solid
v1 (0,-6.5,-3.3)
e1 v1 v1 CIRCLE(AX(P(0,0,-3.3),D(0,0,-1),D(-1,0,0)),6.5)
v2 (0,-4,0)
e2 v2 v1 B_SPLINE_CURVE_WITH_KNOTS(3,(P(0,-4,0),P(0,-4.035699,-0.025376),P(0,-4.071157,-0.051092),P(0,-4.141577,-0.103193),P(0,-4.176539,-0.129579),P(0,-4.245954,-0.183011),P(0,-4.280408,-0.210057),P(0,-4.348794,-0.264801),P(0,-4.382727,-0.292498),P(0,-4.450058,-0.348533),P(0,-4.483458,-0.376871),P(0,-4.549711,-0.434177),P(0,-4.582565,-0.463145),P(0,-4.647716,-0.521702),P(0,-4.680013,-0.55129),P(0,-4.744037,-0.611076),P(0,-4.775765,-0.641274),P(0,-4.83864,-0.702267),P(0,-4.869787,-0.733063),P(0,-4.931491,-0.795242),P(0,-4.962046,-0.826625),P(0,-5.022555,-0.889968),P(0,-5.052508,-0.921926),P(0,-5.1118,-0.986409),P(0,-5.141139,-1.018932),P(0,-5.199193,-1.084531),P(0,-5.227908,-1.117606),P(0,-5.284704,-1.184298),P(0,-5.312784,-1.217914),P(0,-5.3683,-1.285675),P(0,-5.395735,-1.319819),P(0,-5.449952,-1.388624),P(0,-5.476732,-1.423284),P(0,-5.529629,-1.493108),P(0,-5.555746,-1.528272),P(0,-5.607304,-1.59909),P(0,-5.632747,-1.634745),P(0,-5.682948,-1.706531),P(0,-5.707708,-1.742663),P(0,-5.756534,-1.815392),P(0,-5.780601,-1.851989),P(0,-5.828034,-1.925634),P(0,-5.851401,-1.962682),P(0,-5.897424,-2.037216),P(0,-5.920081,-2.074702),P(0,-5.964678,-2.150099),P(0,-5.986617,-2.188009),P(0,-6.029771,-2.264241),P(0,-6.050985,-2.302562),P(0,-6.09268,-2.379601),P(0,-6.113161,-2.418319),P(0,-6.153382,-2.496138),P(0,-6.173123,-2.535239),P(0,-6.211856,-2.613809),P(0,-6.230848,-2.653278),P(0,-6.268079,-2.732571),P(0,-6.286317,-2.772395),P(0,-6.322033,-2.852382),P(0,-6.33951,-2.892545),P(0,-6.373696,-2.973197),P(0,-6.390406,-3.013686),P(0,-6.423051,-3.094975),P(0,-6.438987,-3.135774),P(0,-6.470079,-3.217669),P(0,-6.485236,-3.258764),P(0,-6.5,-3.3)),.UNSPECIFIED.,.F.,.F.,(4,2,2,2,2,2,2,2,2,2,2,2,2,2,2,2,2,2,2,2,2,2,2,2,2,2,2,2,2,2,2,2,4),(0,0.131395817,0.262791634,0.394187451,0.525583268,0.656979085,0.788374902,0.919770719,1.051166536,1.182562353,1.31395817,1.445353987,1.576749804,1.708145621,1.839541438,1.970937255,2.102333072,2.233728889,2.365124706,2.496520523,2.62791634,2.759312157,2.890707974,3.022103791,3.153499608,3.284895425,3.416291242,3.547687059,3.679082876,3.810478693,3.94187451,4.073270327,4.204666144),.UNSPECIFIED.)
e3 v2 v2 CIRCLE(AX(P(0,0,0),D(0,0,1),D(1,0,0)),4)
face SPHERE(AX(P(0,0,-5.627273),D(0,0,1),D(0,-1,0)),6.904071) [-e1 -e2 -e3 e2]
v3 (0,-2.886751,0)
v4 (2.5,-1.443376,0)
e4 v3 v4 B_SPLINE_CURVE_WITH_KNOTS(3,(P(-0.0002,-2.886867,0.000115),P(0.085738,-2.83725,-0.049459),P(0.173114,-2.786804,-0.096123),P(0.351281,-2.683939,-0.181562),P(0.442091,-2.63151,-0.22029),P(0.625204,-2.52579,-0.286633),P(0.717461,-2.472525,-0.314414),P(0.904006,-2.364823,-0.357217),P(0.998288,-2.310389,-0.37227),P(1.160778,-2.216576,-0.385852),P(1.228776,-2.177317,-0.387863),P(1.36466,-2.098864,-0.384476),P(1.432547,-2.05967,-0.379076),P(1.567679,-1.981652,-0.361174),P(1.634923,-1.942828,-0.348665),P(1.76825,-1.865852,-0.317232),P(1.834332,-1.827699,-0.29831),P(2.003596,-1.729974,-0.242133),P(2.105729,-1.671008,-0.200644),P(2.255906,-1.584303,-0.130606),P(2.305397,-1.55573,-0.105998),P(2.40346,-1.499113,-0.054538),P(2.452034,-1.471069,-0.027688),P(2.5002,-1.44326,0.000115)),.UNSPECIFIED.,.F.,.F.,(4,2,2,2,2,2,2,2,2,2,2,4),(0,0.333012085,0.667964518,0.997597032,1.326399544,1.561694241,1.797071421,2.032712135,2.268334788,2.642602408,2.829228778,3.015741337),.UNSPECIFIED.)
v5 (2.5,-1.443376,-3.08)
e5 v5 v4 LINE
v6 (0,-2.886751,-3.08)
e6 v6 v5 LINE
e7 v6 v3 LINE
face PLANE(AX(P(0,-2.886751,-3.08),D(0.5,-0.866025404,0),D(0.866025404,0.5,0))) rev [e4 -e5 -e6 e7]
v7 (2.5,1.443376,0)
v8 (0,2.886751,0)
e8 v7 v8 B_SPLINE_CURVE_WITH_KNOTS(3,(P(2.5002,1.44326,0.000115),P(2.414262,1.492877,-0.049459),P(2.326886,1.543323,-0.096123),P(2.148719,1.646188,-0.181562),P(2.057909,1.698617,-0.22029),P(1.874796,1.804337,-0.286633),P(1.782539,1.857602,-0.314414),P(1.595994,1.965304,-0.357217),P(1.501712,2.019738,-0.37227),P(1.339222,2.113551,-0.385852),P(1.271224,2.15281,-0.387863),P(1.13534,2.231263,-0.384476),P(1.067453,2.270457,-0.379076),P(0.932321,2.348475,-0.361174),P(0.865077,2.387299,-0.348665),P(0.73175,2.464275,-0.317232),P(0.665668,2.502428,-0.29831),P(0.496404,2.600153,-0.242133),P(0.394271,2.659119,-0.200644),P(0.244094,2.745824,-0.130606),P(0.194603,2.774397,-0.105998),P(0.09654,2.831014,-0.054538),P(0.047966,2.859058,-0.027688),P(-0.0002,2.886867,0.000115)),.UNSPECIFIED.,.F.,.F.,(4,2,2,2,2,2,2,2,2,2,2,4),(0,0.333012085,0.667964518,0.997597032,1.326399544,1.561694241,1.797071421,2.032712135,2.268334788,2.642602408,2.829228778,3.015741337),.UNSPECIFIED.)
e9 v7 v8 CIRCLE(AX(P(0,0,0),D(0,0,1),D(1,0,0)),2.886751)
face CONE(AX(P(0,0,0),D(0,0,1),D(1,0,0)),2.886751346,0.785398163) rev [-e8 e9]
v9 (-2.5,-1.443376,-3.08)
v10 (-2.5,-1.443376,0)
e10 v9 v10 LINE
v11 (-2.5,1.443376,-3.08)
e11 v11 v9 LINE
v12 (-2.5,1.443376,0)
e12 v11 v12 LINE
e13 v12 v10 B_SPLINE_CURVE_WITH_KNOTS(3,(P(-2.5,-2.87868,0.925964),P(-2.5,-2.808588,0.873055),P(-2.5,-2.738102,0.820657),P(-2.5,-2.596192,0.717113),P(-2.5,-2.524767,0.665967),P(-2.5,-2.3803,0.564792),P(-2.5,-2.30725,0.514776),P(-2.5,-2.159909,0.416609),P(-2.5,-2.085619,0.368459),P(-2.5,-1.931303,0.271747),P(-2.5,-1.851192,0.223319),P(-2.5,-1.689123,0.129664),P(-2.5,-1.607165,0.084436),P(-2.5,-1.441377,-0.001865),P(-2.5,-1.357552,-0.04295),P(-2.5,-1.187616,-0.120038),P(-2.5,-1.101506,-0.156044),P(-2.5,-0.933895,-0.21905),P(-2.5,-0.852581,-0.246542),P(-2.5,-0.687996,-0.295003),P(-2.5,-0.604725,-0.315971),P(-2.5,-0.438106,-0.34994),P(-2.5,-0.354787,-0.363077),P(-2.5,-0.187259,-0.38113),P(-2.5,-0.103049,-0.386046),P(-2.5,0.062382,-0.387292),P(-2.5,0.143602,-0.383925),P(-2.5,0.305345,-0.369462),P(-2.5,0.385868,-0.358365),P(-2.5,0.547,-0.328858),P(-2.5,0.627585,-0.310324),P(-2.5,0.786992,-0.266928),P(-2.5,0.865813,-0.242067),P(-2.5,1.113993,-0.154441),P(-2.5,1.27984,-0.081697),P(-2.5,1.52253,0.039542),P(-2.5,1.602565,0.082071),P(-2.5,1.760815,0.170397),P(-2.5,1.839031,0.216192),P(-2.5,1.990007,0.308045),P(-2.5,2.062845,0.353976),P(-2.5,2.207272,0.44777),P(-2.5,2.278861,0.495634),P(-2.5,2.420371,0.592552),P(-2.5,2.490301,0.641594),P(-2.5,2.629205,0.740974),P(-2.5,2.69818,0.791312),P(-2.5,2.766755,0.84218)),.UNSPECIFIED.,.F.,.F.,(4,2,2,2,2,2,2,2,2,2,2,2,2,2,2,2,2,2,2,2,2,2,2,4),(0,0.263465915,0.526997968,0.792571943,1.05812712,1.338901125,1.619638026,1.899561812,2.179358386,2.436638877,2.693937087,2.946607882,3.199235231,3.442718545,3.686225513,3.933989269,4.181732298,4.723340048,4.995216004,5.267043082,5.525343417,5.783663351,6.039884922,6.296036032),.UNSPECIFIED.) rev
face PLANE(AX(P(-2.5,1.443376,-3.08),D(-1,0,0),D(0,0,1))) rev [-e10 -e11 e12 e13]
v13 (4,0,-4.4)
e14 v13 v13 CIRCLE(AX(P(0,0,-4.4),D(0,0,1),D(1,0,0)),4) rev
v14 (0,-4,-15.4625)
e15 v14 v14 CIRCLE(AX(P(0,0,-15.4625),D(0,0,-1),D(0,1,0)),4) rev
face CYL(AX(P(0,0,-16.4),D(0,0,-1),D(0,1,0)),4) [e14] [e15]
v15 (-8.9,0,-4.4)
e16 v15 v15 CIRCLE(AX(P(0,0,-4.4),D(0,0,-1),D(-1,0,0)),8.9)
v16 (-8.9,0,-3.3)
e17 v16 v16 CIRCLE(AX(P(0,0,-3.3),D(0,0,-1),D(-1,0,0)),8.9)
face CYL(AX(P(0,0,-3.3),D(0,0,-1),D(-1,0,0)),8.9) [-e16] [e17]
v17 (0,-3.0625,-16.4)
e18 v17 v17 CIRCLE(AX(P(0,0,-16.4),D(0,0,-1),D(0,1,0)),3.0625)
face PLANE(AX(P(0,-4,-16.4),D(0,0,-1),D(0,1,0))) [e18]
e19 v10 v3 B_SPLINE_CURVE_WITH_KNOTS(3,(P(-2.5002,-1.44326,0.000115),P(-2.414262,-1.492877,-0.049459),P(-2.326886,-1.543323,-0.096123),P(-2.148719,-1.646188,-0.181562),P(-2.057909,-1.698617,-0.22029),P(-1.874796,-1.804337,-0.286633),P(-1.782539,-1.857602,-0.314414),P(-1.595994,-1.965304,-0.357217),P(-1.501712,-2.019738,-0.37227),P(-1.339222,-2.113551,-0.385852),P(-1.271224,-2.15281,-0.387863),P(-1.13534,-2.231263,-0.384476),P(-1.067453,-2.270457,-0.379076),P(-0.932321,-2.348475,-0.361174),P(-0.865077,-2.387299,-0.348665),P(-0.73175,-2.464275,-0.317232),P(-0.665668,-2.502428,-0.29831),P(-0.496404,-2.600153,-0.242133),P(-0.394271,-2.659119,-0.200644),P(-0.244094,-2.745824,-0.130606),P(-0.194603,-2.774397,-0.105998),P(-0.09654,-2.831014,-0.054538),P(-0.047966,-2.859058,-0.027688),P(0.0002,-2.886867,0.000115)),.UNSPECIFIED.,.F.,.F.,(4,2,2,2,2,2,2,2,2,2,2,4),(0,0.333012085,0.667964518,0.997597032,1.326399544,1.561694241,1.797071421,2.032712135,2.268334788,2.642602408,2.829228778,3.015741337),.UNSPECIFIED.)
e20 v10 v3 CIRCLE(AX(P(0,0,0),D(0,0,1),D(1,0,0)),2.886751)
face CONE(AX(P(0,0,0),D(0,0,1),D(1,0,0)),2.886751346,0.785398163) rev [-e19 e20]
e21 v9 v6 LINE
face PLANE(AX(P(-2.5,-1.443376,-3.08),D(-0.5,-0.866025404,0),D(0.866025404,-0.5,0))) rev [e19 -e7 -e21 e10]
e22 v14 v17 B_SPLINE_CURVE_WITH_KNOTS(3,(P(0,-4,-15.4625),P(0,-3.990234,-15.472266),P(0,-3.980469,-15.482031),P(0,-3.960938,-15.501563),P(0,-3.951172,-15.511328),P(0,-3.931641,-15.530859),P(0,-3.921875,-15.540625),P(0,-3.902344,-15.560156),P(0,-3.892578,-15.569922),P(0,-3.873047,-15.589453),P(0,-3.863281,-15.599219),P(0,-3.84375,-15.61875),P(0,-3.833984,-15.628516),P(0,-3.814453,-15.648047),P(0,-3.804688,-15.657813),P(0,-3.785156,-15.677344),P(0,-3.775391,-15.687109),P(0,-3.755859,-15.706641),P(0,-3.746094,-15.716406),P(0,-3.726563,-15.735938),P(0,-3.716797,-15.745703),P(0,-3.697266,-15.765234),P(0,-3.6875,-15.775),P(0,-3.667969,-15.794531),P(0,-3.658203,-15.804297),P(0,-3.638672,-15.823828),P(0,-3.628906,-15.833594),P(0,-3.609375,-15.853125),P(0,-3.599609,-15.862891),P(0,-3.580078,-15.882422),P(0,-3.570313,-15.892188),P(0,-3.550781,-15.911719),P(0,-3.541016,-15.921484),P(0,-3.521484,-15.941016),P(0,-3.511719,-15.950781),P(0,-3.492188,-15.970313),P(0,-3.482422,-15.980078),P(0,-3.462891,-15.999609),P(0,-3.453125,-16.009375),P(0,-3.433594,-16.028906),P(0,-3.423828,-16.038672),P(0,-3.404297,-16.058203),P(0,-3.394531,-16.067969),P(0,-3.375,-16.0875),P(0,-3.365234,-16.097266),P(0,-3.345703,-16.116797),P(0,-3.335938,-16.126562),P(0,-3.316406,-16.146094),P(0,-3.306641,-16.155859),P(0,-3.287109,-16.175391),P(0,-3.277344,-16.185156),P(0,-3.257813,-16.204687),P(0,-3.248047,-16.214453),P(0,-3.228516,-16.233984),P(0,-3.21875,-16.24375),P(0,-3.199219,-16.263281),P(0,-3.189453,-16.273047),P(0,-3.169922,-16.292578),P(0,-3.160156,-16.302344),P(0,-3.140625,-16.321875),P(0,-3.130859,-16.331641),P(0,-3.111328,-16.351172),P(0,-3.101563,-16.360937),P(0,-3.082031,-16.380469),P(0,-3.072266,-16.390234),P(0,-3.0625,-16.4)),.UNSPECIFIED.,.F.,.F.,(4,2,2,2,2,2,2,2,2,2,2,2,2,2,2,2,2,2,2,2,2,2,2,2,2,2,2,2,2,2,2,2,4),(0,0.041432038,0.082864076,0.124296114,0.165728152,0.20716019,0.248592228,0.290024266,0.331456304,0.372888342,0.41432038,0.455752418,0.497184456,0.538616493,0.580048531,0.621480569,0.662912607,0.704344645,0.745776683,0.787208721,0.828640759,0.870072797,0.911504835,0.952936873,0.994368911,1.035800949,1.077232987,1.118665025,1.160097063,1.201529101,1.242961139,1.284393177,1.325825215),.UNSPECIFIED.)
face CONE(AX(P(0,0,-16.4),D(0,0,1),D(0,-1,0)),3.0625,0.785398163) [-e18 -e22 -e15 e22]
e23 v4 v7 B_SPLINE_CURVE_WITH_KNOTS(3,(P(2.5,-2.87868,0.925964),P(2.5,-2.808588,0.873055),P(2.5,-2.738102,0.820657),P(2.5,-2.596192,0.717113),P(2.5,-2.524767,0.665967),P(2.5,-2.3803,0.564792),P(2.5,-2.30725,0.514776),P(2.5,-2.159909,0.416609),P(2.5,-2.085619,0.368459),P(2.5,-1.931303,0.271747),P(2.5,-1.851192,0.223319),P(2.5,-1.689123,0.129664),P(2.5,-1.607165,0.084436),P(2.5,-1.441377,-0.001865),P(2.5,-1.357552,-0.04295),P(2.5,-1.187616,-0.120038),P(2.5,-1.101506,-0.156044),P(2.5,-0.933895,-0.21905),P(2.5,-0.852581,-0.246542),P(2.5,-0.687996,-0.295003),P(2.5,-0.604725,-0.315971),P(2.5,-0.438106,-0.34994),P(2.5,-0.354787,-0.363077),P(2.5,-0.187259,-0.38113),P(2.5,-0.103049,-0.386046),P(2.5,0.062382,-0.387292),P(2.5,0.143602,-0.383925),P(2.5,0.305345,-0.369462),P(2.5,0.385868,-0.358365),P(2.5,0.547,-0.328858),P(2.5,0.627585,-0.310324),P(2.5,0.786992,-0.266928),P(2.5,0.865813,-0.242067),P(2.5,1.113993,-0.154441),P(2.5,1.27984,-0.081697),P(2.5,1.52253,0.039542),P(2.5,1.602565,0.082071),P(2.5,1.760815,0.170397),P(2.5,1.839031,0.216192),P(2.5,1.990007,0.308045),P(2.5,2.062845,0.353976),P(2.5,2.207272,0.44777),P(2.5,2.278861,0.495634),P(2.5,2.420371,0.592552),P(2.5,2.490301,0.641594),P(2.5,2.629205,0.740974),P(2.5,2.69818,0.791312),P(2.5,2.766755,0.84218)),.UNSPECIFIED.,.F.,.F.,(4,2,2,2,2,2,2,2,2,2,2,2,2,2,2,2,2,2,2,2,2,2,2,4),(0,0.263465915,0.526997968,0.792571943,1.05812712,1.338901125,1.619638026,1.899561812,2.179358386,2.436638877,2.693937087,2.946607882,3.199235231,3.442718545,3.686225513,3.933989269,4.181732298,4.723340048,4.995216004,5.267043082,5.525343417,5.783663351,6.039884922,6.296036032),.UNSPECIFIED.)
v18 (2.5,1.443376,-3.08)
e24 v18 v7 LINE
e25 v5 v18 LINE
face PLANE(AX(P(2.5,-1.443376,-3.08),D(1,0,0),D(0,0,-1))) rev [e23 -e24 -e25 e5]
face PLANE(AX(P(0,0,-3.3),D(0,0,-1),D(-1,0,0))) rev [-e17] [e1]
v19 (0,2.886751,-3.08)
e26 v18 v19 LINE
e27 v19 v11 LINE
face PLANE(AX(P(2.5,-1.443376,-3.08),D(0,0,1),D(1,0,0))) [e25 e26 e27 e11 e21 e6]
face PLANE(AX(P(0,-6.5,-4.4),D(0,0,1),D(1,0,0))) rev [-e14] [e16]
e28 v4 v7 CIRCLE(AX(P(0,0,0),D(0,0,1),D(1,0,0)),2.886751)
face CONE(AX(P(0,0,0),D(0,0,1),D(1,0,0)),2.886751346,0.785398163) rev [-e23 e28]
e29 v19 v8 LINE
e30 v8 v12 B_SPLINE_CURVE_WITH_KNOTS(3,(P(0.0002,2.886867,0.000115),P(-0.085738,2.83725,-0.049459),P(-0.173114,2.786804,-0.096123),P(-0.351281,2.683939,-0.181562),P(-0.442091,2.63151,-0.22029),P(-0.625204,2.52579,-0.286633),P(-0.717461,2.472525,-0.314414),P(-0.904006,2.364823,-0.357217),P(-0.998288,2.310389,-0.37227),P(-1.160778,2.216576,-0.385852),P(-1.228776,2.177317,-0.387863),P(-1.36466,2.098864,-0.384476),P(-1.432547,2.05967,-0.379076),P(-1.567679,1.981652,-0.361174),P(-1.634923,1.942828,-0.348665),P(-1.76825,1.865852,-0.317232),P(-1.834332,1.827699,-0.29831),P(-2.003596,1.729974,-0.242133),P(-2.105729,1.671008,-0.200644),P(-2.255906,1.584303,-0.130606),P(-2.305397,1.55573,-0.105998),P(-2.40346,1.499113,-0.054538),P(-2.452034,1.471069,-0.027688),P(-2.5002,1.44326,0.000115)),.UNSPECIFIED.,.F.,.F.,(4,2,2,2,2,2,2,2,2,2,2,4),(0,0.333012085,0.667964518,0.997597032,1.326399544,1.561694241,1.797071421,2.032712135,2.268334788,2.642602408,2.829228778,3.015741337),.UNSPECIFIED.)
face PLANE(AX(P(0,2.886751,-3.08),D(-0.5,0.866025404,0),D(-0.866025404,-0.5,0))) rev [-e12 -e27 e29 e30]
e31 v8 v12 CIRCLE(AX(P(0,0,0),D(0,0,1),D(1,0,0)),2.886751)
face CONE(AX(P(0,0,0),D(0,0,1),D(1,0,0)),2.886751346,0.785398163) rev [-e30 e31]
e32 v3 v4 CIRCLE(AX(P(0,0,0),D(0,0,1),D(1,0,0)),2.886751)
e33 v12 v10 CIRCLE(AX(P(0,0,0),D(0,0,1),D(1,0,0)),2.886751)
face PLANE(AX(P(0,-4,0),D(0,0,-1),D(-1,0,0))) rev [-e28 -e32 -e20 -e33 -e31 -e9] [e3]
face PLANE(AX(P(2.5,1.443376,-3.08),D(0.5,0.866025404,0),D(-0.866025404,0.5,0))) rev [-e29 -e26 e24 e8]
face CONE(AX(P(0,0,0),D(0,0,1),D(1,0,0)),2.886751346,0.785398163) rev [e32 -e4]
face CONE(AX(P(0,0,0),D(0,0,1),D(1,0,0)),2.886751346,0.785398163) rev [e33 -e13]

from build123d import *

# Parameters (mm, degrees)
SKETCH1_W           = 12
SKETCH1_H           = 4
CHAMFER1_SIZE       = 0.9375
SKETCH11_R          = 8.9
BOSS_EXTRUDE3_DEPTH = 1.1
CUT_EXTRUDE2_DEPTH  = 3.08


with BuildPart() as part:
    # Sketch1 → Revolve1 (revolve)
    with BuildSketch(Plane(origin=(0, 0, 0), x_dir=(0, 0, -1), z_dir=(1, 0, 0))):
        with Locations((10.4, 2)):
            Rectangle(SKETCH1_W, SKETCH1_H)
    revolve(axis=Axis((0, 0, -16.4), (0, 0, 1)))

    # Chamfer1
    chamfer1_edges = [part.edges().sort_by_distance(p)[0] for p in [
        (0, -4, -16.4),
    ]]
    chamfer(chamfer1_edges, length=CHAMFER1_SIZE)

    # Sketch7 → Revolve2 (revolve)
    with BuildSketch(Plane(origin=(0, 0, 0), x_dir=(0, 0, -1), z_dir=(1, 0, 0)), mode=Mode.PRIVATE) as revolve2_sk:
        with BuildLine():
            Line((3.3, 6.5), (4.4, 6.5))
            Line((4.4, 6.5), (4.4, 0))
            Line((4.4, 0), (0, 0))
            Line((0, 0), (0, 4))
            ThreePointArc((0, 4), (1.458196289, 5.503180898), (3.3, 6.5))
        make_face()
    revolve(revolve2_sk.sketch.rotate(Axis((0, 0, 0), (0, 0, -1)), 180), axis=Axis((0, 0, 0), (0, 0, -1)))

    # Sketch11 → Boss-Extrude3 (add)
    with BuildSketch(Plane(origin=(0, 0, -4.4), x_dir=(-1, 0, 0), z_dir=(0, 0, -1))):
        Circle(SKETCH11_R)
    extrude(amount=-BOSS_EXTRUDE3_DEPTH)

    # Sketch5 → Cut-Extrude2 (cut)
    with BuildSketch(Plane.XY):
        Polygon((2.5, -1.443375673), (2.5, 1.443375673), (0, 2.886751346), (-2.5, 1.443375673), (-2.5, -1.443375673), (0, -2.886751346), align=None)
    extrude(amount=-CUT_EXTRUDE2_DEPTH, mode=Mode.SUBTRACT)

    # Cut-Extrude3 cone 1 section (through the dimple's axis) → Cut-Extrude3 (revolve, cut)
    with BuildSketch(Plane(origin=(0, 0, 0), x_dir=(0, -1, 0), z_dir=(1, 0, 0))):
        Polygon((0, 0), (2.886751346, 0), (0, 2.886751346), align=None)
    revolve(axis=Axis((0, 0, 0), (0, 0, -1)), mode=Mode.SUBTRACT)


solid = part.part
